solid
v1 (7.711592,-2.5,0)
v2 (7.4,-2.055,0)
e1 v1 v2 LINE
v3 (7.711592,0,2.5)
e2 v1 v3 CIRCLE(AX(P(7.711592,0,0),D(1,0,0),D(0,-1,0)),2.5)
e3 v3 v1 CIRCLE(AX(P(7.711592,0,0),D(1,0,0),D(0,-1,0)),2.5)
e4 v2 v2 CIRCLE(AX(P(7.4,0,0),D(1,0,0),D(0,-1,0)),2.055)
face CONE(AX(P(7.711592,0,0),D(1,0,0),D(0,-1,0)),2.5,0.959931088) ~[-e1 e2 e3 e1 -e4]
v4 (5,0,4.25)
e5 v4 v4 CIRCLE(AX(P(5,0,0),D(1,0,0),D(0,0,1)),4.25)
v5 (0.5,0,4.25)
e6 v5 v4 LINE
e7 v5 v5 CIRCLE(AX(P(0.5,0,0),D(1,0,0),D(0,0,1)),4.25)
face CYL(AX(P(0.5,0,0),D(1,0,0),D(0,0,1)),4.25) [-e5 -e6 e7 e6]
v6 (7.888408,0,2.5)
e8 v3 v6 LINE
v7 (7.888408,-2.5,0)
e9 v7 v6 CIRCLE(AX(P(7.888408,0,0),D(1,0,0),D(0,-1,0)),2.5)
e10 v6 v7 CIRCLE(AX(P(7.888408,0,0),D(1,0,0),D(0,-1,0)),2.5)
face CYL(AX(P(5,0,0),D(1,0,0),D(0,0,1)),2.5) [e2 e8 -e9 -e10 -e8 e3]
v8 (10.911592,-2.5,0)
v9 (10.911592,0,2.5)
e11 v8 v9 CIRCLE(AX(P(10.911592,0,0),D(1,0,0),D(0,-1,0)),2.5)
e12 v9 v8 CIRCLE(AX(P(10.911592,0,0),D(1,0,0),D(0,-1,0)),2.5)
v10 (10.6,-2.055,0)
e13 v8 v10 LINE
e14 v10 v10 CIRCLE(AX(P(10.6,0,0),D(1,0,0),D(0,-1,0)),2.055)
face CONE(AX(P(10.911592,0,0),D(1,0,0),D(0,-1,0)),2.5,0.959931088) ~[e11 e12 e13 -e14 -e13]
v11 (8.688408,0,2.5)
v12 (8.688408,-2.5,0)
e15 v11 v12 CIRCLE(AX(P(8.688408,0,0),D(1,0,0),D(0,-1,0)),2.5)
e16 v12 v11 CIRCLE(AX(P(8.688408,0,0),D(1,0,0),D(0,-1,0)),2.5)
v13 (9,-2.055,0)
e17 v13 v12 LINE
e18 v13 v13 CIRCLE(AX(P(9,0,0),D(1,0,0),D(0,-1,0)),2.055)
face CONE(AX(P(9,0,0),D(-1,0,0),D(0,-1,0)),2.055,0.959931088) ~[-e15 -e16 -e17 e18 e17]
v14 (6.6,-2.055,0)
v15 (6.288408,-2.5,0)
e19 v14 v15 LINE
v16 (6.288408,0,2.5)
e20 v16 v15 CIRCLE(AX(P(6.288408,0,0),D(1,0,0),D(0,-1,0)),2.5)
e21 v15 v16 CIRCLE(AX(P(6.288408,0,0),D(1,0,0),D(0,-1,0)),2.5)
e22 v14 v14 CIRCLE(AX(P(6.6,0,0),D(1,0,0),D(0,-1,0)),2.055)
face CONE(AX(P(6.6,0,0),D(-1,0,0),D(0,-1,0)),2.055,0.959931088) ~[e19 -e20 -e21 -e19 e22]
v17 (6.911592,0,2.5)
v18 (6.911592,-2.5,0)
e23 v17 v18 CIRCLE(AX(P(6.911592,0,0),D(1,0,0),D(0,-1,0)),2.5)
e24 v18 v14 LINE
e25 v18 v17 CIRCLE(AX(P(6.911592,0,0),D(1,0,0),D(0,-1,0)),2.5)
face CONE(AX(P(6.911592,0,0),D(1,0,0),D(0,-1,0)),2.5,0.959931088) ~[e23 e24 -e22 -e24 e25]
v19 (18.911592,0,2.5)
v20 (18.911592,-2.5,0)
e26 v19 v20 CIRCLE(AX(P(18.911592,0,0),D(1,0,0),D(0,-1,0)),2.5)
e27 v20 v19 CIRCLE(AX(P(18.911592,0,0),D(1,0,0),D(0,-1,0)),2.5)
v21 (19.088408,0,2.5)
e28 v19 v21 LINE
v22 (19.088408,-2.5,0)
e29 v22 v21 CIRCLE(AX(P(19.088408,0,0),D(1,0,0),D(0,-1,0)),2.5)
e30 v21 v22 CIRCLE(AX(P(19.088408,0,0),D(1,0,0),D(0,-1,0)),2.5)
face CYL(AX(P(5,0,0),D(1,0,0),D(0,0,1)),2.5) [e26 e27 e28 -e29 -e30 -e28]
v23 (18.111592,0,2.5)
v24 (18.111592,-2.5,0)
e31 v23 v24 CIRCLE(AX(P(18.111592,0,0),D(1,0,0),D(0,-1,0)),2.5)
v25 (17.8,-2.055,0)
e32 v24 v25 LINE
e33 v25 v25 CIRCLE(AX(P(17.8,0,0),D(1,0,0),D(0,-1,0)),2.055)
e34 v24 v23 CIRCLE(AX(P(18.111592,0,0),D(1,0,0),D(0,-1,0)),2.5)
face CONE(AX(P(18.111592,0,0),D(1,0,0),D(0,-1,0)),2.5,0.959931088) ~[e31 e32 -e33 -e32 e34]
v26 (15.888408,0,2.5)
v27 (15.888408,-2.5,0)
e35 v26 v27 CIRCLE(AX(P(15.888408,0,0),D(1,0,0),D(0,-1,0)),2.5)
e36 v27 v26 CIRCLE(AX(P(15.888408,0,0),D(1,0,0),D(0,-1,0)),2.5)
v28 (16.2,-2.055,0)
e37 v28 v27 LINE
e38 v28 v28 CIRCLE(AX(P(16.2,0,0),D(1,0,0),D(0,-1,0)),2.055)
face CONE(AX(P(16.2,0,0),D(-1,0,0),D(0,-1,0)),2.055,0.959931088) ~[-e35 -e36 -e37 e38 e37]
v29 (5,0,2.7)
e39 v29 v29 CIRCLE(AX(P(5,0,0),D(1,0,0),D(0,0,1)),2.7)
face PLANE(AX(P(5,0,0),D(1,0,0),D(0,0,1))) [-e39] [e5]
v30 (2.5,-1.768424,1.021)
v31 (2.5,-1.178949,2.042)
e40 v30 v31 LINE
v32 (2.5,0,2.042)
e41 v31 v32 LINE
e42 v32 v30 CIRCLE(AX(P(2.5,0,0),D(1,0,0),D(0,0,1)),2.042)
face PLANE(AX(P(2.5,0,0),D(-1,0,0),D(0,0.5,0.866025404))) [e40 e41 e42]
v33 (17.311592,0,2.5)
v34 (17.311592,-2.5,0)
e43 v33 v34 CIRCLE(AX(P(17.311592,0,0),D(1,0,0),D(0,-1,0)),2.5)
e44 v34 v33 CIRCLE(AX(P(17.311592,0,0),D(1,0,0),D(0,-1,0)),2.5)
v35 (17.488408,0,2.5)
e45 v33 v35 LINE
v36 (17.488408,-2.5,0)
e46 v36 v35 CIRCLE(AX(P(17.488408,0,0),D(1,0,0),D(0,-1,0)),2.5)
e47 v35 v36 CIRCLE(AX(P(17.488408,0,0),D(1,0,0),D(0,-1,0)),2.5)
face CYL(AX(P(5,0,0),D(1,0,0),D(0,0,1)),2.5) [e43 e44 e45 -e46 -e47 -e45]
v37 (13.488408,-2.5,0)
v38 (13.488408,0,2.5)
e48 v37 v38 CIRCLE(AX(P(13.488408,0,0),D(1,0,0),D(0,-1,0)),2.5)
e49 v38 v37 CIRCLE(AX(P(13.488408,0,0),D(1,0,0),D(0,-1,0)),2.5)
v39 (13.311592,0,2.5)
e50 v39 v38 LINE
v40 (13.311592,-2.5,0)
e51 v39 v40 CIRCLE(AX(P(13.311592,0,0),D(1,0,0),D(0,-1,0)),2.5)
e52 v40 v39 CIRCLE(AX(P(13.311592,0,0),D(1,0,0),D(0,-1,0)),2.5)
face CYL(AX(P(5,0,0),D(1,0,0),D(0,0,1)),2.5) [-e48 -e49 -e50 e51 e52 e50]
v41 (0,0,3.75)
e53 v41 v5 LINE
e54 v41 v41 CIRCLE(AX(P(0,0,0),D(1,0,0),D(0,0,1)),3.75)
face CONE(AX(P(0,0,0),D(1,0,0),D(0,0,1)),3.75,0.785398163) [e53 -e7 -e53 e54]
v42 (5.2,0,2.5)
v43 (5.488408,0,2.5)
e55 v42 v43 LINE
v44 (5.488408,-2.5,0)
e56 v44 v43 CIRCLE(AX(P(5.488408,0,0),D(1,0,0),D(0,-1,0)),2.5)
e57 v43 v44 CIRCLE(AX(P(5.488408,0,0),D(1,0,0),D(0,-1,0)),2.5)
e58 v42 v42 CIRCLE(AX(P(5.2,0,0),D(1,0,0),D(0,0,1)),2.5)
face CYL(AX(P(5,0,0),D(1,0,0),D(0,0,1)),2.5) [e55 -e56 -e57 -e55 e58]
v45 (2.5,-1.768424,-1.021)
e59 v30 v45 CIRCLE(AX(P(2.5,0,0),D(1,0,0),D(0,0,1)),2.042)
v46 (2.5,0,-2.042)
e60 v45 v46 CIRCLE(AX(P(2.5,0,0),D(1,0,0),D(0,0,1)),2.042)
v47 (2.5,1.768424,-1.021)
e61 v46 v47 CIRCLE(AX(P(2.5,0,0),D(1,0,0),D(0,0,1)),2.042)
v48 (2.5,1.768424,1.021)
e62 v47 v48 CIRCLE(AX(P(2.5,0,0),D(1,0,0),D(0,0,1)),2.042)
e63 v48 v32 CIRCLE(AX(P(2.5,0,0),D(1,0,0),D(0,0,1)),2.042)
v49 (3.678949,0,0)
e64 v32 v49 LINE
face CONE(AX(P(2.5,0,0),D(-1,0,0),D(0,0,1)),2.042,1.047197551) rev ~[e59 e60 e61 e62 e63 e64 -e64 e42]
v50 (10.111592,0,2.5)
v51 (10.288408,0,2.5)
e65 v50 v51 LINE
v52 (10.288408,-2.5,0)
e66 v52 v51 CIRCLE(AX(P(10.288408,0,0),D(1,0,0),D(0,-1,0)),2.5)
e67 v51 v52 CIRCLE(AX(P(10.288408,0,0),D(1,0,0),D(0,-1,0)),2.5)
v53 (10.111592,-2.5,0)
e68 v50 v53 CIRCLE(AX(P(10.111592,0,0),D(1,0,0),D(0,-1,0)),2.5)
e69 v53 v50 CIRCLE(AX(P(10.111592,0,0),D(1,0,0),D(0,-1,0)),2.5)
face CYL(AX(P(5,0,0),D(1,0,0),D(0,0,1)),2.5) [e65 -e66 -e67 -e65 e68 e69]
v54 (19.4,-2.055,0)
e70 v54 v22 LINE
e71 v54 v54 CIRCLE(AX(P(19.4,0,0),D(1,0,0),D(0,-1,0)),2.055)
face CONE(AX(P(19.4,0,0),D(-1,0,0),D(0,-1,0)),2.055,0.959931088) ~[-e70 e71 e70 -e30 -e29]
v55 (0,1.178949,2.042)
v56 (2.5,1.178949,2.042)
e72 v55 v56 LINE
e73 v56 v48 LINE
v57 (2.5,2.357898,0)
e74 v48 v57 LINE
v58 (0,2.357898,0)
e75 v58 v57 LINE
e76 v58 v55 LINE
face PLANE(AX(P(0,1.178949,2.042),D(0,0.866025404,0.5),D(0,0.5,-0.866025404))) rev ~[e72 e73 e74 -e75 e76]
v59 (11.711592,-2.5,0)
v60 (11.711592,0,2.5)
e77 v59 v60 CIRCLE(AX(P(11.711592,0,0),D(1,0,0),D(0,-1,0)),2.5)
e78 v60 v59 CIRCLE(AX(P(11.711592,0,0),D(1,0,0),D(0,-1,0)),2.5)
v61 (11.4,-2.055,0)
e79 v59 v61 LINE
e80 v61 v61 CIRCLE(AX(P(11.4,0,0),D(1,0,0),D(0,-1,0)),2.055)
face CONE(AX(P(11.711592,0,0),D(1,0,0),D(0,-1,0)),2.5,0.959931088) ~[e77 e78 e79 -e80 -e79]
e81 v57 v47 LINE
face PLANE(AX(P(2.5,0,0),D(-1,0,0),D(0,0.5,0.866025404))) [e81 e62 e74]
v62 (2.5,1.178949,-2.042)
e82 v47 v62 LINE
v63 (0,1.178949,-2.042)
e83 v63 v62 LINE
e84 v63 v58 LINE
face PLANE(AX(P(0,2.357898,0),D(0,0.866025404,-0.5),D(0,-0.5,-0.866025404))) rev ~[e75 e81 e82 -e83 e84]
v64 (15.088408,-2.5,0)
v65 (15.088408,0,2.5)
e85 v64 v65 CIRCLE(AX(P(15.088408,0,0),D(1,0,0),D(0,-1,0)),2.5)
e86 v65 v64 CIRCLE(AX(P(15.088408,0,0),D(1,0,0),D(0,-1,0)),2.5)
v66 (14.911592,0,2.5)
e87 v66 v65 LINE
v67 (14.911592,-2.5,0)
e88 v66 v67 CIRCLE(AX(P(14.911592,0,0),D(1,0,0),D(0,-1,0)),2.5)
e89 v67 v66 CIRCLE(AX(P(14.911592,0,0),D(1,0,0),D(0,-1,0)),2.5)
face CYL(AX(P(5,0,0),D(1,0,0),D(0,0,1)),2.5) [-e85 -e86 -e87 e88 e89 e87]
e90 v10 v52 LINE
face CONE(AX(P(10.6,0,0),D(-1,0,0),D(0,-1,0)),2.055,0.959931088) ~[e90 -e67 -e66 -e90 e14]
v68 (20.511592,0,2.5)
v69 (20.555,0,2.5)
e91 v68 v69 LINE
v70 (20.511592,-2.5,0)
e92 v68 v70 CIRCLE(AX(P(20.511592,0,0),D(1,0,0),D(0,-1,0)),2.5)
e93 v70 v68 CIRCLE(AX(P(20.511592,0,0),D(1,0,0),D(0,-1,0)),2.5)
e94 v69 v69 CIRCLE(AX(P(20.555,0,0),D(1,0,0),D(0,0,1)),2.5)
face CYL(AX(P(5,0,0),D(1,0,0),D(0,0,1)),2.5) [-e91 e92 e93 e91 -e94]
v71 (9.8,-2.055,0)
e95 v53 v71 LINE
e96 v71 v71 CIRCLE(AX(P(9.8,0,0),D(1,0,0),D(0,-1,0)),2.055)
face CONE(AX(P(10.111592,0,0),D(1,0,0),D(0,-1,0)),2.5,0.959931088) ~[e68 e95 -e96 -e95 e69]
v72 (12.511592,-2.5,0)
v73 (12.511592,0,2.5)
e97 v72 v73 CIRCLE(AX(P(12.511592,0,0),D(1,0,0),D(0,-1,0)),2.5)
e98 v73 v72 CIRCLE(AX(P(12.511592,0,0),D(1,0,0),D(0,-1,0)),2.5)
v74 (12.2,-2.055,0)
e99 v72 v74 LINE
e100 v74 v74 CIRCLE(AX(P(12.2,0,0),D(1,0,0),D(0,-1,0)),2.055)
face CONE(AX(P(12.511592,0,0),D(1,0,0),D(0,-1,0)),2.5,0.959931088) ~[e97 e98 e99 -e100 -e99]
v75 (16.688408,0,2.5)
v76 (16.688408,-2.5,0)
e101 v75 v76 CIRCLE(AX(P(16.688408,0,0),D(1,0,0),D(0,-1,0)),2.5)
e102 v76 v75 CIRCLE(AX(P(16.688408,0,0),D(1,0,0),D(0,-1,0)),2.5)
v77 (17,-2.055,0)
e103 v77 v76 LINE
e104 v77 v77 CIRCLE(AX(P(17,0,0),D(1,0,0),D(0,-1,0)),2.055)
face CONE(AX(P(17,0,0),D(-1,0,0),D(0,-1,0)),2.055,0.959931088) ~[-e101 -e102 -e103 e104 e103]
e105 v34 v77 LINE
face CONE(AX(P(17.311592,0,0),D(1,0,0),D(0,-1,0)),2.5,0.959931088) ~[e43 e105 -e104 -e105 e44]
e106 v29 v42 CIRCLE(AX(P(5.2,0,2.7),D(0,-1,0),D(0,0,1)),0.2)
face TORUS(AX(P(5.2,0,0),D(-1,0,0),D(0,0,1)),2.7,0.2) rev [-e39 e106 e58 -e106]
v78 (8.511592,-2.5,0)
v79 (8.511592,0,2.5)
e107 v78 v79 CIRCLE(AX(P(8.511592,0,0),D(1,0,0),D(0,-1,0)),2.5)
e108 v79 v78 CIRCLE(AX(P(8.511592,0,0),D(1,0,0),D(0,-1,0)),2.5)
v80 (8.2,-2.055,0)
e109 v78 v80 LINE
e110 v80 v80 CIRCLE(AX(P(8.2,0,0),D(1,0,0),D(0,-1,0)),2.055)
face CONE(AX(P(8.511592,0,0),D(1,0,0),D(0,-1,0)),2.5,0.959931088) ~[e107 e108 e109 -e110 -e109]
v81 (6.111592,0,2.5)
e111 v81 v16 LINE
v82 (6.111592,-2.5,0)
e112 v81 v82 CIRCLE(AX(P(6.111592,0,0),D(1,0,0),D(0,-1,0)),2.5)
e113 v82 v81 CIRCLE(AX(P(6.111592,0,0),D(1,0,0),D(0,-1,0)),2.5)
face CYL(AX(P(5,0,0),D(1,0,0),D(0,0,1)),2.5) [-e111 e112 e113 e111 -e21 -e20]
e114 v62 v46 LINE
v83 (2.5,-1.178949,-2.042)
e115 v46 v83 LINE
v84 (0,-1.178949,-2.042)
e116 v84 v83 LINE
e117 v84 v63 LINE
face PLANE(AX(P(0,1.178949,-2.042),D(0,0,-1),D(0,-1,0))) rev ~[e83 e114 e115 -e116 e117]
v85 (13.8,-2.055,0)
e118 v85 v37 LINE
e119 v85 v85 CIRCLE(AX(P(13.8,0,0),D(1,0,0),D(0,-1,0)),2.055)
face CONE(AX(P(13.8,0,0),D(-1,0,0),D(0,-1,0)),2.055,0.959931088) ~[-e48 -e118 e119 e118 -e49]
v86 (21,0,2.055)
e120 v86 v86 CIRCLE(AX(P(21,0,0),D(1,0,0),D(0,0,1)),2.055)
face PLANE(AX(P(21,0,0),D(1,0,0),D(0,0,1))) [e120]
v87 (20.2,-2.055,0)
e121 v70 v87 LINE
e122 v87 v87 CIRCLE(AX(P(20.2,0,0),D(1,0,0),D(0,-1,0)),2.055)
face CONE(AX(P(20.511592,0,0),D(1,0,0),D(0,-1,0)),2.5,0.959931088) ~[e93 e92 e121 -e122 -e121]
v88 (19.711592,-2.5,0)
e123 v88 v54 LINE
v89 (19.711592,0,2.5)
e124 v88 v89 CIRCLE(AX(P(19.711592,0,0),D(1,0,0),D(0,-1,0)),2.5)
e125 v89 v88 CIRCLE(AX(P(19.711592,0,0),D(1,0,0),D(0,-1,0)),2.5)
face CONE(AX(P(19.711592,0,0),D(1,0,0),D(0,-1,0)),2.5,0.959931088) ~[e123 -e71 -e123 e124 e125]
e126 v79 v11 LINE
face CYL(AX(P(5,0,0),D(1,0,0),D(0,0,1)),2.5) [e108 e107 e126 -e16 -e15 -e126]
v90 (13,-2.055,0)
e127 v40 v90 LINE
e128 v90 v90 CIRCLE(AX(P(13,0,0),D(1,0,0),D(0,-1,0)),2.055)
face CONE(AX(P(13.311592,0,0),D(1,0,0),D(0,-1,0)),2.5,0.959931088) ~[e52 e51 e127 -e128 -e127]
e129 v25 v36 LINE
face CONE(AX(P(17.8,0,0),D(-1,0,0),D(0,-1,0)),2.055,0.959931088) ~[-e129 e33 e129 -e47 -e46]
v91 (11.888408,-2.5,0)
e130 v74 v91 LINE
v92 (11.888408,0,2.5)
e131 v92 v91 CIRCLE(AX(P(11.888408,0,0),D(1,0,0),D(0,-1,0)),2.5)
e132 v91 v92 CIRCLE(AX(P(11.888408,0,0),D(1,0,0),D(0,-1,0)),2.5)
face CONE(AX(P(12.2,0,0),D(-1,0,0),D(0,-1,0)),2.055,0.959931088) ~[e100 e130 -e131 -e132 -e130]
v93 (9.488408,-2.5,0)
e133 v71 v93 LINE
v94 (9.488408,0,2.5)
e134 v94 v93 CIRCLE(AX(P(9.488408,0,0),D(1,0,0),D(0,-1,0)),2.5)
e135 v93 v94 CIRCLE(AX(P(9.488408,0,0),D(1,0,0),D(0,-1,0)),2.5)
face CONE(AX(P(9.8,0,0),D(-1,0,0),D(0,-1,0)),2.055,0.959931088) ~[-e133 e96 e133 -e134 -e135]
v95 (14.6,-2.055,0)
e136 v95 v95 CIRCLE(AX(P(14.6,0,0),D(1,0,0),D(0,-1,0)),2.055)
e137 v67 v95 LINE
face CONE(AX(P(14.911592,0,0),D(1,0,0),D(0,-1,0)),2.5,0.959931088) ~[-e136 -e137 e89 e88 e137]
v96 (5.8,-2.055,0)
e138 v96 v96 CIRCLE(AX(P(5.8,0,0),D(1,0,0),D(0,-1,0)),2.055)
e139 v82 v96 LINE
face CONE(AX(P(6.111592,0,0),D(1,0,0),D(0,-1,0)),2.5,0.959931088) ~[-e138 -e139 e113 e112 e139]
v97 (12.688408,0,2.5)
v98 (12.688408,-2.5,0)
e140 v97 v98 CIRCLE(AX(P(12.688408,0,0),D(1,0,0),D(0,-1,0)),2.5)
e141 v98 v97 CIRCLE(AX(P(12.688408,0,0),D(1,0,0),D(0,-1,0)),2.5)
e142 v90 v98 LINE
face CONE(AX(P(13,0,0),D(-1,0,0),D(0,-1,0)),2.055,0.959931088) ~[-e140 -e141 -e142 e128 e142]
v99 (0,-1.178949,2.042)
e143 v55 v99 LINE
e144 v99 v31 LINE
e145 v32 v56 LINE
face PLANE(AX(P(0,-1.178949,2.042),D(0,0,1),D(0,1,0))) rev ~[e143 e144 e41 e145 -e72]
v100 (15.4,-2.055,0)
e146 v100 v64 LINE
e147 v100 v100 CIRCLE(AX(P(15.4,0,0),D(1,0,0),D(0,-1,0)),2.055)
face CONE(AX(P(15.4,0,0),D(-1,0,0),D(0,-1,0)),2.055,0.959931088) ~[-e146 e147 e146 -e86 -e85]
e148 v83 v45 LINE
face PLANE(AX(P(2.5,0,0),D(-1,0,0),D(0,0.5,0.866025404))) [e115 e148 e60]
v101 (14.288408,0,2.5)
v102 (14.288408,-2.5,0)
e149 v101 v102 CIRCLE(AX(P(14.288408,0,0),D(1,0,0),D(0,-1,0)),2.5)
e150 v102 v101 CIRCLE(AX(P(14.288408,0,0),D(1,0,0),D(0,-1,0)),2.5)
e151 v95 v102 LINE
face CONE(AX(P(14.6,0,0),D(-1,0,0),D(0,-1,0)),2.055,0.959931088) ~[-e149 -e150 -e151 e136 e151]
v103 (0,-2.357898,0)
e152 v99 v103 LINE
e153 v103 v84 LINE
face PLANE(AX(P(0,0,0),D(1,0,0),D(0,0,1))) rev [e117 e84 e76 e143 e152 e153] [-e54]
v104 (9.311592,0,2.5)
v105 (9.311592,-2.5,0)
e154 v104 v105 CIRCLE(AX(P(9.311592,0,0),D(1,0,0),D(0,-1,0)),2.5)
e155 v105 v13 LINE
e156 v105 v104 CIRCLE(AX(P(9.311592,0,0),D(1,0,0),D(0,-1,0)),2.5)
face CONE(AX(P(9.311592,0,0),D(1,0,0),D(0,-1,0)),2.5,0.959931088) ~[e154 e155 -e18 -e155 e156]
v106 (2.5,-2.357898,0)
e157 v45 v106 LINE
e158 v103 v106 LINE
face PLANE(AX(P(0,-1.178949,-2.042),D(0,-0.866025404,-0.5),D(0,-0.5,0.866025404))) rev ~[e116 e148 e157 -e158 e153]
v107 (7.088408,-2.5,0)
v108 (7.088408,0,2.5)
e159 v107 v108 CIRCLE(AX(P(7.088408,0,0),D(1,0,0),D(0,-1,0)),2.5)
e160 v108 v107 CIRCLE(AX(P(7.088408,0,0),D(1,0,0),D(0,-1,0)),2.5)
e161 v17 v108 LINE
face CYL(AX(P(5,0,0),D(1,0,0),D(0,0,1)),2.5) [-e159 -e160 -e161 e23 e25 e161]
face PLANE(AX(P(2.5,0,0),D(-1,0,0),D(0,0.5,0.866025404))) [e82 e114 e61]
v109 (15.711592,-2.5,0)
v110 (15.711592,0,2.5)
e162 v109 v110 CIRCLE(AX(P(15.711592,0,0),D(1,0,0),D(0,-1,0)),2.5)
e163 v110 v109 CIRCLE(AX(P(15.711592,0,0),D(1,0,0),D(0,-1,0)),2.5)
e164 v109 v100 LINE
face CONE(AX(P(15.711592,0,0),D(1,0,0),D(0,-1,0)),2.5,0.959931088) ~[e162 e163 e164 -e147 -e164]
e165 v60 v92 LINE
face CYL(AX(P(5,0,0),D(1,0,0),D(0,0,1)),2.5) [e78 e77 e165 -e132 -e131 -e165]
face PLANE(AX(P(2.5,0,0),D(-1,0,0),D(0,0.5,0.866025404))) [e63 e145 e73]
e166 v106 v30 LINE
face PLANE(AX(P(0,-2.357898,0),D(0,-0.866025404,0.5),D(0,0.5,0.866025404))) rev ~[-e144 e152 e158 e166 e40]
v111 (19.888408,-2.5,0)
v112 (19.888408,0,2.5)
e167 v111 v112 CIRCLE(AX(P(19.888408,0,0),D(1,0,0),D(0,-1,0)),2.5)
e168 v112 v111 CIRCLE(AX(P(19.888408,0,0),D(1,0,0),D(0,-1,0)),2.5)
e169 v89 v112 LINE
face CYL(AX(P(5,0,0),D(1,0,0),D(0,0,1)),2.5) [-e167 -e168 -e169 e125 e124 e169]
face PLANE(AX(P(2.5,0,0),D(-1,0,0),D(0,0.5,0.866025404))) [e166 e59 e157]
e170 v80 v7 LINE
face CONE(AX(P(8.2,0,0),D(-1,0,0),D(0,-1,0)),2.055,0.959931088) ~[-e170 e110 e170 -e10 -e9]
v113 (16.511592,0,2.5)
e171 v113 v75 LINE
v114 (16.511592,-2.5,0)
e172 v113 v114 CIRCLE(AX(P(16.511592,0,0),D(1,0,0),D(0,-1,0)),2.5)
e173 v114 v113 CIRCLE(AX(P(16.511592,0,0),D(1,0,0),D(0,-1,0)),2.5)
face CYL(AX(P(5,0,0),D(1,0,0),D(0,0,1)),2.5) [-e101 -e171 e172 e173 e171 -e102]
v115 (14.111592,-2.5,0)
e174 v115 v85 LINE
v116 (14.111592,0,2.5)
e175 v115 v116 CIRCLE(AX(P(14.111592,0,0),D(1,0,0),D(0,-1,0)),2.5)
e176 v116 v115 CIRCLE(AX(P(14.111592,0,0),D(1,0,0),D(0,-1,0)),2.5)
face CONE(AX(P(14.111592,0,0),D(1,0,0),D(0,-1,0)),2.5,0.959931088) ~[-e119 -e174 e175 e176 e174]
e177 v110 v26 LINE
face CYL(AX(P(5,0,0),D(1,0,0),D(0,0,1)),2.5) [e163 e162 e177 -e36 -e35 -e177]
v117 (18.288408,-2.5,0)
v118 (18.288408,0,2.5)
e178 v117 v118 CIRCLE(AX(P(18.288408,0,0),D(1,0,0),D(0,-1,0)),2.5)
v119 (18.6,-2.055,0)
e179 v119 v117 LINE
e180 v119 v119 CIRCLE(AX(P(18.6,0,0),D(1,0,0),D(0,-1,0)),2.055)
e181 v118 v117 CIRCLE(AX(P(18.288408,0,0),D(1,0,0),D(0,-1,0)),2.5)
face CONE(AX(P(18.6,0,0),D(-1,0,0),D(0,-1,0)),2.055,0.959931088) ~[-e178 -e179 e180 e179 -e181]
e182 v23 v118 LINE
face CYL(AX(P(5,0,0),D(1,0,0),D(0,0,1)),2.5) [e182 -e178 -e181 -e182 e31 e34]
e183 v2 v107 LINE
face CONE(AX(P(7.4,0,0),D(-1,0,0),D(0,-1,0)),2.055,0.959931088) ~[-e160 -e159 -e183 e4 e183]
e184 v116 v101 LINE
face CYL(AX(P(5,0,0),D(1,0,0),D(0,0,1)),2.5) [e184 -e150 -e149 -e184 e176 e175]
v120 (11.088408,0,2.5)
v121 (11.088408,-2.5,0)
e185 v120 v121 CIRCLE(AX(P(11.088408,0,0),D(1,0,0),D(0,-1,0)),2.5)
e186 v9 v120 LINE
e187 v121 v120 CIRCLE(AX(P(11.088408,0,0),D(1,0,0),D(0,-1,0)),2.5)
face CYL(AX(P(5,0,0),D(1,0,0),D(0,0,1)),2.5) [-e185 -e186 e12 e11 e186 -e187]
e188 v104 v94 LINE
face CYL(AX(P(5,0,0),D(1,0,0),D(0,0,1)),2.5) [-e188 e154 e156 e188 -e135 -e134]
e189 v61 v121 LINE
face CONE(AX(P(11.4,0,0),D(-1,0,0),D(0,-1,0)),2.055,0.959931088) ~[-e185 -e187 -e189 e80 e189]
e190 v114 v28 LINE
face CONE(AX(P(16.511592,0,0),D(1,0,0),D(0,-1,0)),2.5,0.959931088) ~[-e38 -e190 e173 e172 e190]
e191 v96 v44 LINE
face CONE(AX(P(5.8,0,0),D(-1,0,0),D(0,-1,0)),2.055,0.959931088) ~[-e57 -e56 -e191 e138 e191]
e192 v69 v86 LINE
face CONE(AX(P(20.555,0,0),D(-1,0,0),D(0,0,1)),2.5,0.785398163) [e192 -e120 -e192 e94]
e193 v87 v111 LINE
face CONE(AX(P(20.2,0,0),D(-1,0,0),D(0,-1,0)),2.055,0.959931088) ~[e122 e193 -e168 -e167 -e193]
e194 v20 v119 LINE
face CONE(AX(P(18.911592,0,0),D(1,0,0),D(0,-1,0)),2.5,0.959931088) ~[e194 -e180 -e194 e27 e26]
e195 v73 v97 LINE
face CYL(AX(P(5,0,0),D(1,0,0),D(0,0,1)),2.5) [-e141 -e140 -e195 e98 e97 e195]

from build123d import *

# Parameters (mm, degrees)
FILLET1_R       = 0.2
HEX_2_DEPTH     = 2.5
THDSCHPAT_COUNT = 19
THDSCHPAT_PITCH = 0.8


with BuildPart() as part:
    # BodySke → Base-Revolve (revolve)
    with BuildSketch(Plane.XY, mode=Mode.PRIVATE) as base_revolve_sk:
        Polygon((0, 0), (0, 3.75), (0.5, 4.25), (5, 4.25), (5, 2.5), (20.555, 2.5), (21, 2.055), (21, 0), align=None)
    revolve(base_revolve_sk.sketch.rotate(Axis((-31.75, 0, 0), (1, 0, 0)), 90), axis=Axis((-31.75, 0, 0), (1, 0, 0)))

    # Fillet1
    fillet1_edges = [part.edges().sort_by_distance(p)[0] for p in [
        (5, 0, -2.5),
    ]]
    fillet(fillet1_edges, radius=FILLET1_R)

    # Sketch2 → Hex-PreBroach (revolve, cut)
    with BuildSketch(Plane.XY, mode=Mode.PRIVATE) as hex_prebroach_sk:
        Polygon((0, 2.042), (2.5, 2.042), (3.67894925, 0), (0, 0), align=None)
    revolve(hex_prebroach_sk.sketch.rotate(Axis((0, 0, 0), (1, 0, 0)), 90), axis=Axis((0, 0, 0), (1, 0, 0)), mode=Mode.SUBTRACT)

    # Sketch3 → Hex 2 (cut)
    with BuildSketch(Plane(origin=(0, 0, 0), x_dir=(0, 0.500000000000001, 0.866025403784438), z_dir=(-1, 0, 0))):
        Polygon((1.17894925, 2.042), (-1.17894925, 2.042), (-2.357898499, 0), (-1.17894925, -2.042), (1.17894925, -2.042), (2.357898499, 0), align=None)
    extrude(amount=-HEX_2_DEPTH, mode=Mode.SUBTRACT)

    # ThdSchSke → ThreadSchematic (revolve, cut)
    with BuildSketch(Plane.XY):
        Polygon((5.8, -2.055), (5.488407645, -2.5), (5.488407645, -3.125), (6.111592355, -3.125), (6.111592355, -2.5), align=None)
    threadschematic = revolve(axis=Axis((-3.175, 0, 0), (1, 0, 0)), mode=Mode.SUBTRACT)

    # ThdSchPat: ThreadSchematic ×19
    with Locations(*[(i * THDSCHPAT_PITCH, 0, 0) for i in range(1, THDSCHPAT_COUNT)]):
        add(threadschematic, mode=Mode.SUBTRACT)


solid = part.part
